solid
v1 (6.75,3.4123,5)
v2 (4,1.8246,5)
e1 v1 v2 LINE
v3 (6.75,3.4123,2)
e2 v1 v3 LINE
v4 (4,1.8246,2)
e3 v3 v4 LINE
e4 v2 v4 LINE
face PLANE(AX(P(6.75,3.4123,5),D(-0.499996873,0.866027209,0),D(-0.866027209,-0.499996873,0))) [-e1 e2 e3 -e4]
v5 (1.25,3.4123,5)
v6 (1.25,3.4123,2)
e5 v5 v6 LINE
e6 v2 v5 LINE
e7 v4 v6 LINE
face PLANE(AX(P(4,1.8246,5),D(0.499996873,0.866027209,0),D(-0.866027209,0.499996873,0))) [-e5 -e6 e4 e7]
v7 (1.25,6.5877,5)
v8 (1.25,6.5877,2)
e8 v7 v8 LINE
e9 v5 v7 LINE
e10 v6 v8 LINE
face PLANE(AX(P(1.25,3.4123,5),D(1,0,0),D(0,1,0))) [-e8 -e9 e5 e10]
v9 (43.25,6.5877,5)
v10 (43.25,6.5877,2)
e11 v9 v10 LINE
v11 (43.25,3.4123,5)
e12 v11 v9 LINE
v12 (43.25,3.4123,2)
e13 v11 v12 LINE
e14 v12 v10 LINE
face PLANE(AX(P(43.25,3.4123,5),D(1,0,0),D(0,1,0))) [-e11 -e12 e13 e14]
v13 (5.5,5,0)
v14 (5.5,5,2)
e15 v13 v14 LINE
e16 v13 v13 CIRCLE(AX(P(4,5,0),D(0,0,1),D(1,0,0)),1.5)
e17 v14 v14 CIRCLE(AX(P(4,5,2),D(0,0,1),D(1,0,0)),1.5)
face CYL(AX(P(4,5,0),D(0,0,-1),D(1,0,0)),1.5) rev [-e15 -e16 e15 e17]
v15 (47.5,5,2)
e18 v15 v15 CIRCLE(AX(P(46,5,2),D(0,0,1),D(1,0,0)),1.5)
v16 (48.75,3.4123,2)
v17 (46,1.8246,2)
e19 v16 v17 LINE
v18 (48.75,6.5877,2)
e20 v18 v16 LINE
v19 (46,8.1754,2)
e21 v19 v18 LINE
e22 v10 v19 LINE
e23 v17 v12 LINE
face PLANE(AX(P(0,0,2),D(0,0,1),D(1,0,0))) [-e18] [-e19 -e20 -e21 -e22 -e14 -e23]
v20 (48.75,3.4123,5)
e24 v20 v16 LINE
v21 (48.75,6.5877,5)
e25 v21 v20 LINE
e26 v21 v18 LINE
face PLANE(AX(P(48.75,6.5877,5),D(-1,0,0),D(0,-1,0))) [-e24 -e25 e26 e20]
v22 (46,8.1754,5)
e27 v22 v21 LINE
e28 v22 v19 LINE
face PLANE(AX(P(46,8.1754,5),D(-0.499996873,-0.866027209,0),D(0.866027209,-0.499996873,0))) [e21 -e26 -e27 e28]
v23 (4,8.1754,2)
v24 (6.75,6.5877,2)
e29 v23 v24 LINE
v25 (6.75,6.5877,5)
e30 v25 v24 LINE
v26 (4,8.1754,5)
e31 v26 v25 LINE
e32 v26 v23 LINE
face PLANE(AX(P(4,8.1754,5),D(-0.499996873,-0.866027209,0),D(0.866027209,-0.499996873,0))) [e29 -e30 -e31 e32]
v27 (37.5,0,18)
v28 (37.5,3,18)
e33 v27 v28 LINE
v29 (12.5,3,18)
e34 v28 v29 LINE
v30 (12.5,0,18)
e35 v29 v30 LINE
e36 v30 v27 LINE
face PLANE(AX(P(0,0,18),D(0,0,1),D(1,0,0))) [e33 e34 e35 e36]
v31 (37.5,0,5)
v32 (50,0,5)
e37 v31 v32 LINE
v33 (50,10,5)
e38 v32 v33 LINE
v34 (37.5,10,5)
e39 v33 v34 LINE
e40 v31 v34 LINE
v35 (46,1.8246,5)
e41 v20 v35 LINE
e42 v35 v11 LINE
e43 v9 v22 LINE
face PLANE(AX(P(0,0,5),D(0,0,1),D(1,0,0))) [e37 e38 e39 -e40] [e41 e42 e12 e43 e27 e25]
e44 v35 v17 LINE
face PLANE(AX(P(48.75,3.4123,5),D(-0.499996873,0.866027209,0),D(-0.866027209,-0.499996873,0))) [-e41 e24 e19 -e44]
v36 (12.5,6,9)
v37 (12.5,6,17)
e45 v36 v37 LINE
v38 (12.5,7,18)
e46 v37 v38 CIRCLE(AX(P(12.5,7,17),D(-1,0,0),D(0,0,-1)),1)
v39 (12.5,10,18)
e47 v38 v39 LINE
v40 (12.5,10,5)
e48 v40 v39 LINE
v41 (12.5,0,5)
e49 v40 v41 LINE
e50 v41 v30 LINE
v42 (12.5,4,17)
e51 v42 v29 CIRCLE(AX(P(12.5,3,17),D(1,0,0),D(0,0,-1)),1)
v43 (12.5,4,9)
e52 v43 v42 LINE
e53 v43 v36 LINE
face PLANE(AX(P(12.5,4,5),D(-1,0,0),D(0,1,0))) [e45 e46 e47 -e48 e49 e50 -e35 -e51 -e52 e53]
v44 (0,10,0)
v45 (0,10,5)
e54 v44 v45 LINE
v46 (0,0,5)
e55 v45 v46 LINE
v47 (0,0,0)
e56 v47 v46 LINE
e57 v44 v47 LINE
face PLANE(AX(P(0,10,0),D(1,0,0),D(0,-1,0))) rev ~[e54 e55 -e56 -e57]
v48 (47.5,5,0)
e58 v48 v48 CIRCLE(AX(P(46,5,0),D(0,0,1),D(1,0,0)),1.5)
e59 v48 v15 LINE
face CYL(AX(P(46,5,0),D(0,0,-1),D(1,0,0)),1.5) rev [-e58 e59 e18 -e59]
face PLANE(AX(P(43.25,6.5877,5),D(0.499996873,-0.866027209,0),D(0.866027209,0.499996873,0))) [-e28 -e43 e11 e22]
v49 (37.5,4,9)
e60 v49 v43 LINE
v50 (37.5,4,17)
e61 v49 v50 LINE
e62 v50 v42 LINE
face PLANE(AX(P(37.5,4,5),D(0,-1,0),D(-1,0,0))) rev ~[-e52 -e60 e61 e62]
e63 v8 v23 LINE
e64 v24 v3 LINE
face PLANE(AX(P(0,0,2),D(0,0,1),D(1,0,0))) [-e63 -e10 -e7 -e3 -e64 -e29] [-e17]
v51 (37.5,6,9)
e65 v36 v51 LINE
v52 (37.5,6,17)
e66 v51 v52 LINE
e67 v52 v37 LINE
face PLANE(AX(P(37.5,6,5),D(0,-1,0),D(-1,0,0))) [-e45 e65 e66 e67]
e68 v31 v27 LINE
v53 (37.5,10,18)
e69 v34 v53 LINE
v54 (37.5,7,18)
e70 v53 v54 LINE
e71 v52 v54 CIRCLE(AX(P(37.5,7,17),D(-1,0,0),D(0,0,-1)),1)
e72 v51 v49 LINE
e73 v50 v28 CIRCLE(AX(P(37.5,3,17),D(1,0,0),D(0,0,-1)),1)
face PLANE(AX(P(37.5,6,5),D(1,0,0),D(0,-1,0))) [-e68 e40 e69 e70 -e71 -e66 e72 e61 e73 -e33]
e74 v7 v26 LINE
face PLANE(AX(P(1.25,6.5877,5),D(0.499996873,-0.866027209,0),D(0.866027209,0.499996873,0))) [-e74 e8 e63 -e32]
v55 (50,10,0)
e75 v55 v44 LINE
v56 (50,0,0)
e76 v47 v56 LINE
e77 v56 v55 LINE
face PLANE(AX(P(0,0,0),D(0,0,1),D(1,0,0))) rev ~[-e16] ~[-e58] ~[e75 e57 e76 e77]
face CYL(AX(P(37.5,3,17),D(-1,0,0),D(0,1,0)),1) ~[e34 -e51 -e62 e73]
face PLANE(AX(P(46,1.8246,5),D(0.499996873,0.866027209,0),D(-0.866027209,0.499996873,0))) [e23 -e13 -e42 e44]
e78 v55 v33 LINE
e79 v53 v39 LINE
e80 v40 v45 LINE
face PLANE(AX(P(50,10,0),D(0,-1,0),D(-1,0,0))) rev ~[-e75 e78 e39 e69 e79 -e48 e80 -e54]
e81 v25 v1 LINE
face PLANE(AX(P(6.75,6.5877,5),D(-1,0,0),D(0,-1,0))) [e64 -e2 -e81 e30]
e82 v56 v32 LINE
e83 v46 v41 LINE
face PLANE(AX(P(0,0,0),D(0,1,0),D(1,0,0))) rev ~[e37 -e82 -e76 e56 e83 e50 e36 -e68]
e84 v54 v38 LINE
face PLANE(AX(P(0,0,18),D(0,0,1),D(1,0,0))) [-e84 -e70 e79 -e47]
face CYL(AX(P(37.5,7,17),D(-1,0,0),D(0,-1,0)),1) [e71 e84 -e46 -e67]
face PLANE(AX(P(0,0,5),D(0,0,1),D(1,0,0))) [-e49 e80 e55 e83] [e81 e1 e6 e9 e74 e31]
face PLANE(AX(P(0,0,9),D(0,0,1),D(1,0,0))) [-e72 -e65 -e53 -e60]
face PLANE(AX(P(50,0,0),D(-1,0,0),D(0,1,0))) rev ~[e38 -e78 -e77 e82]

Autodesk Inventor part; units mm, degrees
ref_plane "YZ Plane" through (0, 0, 0) normal (1, 0, 0) x (0, 1, 0)
ref_plane "XZ Plane" through (0, 0, 0) normal (0, 1, 0) x (-1, 0, 0)
ref_plane "XY Plane" through (0, 0, 0) normal (0, 0, 1) x (1, 0, 0)
sketch "Sketch1" plane through (0, 0, 0) normal (0, 0, 1) x (1, 0, 0)
  line L0 (0, 0) -> (50, 0)
  line L1 (50, 0) -> (50, 10)
  line L2 (50, 10) -> (0, 10)
  line L3 (0, 10) -> (0, 0)
  circle A0 centre (4, 5) radius 1.5
  circle A1 centre (46, 5) radius 1.5
  point P0 (0, 5)
  dimension "d0" = 50
  dimension "d1" = 10
  dimension "d22" = 3
  dimension "d23" = 3
  dimension "d24" = 4
  dimension "d25" = 4
extrude "Extrusion1" add sketch "Sketch1" along normal blind 5
sketch "Sketch2" plane through (0, 0, 5) normal (0, 0, 1) x (1, 0, 0)
  line L0 (50, 10) -> (0, 10) projected
  line L1 (0, 0) -> (50, 0) projected
  line L2 (12.5, 10) -> (37.5, 10)
  line L3 (37.5, 10) -> (37.5, 6)
  line L4 (37.5, 6) -> (12.5, 6)
  line L5 (12.5, 6) -> (12.5, 10)
  line L6 (12.5, 0) -> (37.5, 0)
  line L7 (37.5, 0) -> (37.5, 4)
  line L8 (37.5, 4) -> (12.5, 4)
  line L9 (12.5, 4) -> (12.5, 0)
  point P0 (25, 10)
  point P1 (25, 10)
  point P2 (25, 0)
  point P3 (25, 0)
  dimension "d14" = 25
  dimension "d15" = 25
  dimension "d31" = 2
  dimension "d32" = 4
  dimension "d33" = 4
extrude "Extrusion2" add sketch "Sketch2" along normal blind 13
fillet "Fillet1" radius 1 2 edges at (25, 6, 18) (25, 4, 18)
sketch "Sketch3" plane through (0, 0, 5) normal (0, 0, 1) x (1, 0, 0)
  circle A0 centre (4, 5) radius 1.5 projected
  circle A1 centre (46, 5) radius 1.5 projected
  line L0 (6.75, 6.5877) -> (6.75, 3.4123)
  line L1 (6.75, 3.4123) -> (4, 1.8246)
  line L2 (4, 1.8246) -> (1.25, 3.4123)
  line L3 (1.25, 3.4123) -> (1.25, 6.5877)
  line L4 (1.25, 6.5877) -> (4, 8.1754)
  line L5 (4, 8.1754) -> (6.75, 6.5877)
  line L6 (43.25, 6.5877) -> (46, 8.1754)
  line L7 (46, 8.1754) -> (48.75, 6.5877)
  line L8 (48.75, 6.5877) -> (48.75, 3.4123)
  line L9 (48.75, 3.4123) -> (46, 1.8246)
  line L10 (46, 1.8246) -> (43.25, 3.4123)
  line L11 (43.25, 3.4123) -> (43.25, 6.5877)
  point P0 (0, 0)
  dimension "d39" = 5.5
  dimension "d40" = 5.5
extrude "Extrusion3" cut sketch "Sketch3" against normal blind 3
sketch "Sketch4" plane through (0, 0, 5) normal (0, 0, 1) x (1, 0, 0)
  line L0 (12.5, 6) -> (12.5, 10) projected
  line L1 (37.5, 4) -> (37.5, 0) projected
  line L2 (12.5, 6) -> (37.5, 6)
  line L3 (37.5, 6) -> (37.5, 4)
  line L4 (37.5, 4) -> (12.5, 4)
  line L5 (12.5, 4) -> (12.5, 6)
  point P0 (0, 0)
extrude "Extrusion4" add sketch "Sketch4" along normal blind 4
equation "\"d15\" = d14"
equation "\"d32\" = d33"
equation "\"d40\" = d39"
properties part number "GT2 grip"
